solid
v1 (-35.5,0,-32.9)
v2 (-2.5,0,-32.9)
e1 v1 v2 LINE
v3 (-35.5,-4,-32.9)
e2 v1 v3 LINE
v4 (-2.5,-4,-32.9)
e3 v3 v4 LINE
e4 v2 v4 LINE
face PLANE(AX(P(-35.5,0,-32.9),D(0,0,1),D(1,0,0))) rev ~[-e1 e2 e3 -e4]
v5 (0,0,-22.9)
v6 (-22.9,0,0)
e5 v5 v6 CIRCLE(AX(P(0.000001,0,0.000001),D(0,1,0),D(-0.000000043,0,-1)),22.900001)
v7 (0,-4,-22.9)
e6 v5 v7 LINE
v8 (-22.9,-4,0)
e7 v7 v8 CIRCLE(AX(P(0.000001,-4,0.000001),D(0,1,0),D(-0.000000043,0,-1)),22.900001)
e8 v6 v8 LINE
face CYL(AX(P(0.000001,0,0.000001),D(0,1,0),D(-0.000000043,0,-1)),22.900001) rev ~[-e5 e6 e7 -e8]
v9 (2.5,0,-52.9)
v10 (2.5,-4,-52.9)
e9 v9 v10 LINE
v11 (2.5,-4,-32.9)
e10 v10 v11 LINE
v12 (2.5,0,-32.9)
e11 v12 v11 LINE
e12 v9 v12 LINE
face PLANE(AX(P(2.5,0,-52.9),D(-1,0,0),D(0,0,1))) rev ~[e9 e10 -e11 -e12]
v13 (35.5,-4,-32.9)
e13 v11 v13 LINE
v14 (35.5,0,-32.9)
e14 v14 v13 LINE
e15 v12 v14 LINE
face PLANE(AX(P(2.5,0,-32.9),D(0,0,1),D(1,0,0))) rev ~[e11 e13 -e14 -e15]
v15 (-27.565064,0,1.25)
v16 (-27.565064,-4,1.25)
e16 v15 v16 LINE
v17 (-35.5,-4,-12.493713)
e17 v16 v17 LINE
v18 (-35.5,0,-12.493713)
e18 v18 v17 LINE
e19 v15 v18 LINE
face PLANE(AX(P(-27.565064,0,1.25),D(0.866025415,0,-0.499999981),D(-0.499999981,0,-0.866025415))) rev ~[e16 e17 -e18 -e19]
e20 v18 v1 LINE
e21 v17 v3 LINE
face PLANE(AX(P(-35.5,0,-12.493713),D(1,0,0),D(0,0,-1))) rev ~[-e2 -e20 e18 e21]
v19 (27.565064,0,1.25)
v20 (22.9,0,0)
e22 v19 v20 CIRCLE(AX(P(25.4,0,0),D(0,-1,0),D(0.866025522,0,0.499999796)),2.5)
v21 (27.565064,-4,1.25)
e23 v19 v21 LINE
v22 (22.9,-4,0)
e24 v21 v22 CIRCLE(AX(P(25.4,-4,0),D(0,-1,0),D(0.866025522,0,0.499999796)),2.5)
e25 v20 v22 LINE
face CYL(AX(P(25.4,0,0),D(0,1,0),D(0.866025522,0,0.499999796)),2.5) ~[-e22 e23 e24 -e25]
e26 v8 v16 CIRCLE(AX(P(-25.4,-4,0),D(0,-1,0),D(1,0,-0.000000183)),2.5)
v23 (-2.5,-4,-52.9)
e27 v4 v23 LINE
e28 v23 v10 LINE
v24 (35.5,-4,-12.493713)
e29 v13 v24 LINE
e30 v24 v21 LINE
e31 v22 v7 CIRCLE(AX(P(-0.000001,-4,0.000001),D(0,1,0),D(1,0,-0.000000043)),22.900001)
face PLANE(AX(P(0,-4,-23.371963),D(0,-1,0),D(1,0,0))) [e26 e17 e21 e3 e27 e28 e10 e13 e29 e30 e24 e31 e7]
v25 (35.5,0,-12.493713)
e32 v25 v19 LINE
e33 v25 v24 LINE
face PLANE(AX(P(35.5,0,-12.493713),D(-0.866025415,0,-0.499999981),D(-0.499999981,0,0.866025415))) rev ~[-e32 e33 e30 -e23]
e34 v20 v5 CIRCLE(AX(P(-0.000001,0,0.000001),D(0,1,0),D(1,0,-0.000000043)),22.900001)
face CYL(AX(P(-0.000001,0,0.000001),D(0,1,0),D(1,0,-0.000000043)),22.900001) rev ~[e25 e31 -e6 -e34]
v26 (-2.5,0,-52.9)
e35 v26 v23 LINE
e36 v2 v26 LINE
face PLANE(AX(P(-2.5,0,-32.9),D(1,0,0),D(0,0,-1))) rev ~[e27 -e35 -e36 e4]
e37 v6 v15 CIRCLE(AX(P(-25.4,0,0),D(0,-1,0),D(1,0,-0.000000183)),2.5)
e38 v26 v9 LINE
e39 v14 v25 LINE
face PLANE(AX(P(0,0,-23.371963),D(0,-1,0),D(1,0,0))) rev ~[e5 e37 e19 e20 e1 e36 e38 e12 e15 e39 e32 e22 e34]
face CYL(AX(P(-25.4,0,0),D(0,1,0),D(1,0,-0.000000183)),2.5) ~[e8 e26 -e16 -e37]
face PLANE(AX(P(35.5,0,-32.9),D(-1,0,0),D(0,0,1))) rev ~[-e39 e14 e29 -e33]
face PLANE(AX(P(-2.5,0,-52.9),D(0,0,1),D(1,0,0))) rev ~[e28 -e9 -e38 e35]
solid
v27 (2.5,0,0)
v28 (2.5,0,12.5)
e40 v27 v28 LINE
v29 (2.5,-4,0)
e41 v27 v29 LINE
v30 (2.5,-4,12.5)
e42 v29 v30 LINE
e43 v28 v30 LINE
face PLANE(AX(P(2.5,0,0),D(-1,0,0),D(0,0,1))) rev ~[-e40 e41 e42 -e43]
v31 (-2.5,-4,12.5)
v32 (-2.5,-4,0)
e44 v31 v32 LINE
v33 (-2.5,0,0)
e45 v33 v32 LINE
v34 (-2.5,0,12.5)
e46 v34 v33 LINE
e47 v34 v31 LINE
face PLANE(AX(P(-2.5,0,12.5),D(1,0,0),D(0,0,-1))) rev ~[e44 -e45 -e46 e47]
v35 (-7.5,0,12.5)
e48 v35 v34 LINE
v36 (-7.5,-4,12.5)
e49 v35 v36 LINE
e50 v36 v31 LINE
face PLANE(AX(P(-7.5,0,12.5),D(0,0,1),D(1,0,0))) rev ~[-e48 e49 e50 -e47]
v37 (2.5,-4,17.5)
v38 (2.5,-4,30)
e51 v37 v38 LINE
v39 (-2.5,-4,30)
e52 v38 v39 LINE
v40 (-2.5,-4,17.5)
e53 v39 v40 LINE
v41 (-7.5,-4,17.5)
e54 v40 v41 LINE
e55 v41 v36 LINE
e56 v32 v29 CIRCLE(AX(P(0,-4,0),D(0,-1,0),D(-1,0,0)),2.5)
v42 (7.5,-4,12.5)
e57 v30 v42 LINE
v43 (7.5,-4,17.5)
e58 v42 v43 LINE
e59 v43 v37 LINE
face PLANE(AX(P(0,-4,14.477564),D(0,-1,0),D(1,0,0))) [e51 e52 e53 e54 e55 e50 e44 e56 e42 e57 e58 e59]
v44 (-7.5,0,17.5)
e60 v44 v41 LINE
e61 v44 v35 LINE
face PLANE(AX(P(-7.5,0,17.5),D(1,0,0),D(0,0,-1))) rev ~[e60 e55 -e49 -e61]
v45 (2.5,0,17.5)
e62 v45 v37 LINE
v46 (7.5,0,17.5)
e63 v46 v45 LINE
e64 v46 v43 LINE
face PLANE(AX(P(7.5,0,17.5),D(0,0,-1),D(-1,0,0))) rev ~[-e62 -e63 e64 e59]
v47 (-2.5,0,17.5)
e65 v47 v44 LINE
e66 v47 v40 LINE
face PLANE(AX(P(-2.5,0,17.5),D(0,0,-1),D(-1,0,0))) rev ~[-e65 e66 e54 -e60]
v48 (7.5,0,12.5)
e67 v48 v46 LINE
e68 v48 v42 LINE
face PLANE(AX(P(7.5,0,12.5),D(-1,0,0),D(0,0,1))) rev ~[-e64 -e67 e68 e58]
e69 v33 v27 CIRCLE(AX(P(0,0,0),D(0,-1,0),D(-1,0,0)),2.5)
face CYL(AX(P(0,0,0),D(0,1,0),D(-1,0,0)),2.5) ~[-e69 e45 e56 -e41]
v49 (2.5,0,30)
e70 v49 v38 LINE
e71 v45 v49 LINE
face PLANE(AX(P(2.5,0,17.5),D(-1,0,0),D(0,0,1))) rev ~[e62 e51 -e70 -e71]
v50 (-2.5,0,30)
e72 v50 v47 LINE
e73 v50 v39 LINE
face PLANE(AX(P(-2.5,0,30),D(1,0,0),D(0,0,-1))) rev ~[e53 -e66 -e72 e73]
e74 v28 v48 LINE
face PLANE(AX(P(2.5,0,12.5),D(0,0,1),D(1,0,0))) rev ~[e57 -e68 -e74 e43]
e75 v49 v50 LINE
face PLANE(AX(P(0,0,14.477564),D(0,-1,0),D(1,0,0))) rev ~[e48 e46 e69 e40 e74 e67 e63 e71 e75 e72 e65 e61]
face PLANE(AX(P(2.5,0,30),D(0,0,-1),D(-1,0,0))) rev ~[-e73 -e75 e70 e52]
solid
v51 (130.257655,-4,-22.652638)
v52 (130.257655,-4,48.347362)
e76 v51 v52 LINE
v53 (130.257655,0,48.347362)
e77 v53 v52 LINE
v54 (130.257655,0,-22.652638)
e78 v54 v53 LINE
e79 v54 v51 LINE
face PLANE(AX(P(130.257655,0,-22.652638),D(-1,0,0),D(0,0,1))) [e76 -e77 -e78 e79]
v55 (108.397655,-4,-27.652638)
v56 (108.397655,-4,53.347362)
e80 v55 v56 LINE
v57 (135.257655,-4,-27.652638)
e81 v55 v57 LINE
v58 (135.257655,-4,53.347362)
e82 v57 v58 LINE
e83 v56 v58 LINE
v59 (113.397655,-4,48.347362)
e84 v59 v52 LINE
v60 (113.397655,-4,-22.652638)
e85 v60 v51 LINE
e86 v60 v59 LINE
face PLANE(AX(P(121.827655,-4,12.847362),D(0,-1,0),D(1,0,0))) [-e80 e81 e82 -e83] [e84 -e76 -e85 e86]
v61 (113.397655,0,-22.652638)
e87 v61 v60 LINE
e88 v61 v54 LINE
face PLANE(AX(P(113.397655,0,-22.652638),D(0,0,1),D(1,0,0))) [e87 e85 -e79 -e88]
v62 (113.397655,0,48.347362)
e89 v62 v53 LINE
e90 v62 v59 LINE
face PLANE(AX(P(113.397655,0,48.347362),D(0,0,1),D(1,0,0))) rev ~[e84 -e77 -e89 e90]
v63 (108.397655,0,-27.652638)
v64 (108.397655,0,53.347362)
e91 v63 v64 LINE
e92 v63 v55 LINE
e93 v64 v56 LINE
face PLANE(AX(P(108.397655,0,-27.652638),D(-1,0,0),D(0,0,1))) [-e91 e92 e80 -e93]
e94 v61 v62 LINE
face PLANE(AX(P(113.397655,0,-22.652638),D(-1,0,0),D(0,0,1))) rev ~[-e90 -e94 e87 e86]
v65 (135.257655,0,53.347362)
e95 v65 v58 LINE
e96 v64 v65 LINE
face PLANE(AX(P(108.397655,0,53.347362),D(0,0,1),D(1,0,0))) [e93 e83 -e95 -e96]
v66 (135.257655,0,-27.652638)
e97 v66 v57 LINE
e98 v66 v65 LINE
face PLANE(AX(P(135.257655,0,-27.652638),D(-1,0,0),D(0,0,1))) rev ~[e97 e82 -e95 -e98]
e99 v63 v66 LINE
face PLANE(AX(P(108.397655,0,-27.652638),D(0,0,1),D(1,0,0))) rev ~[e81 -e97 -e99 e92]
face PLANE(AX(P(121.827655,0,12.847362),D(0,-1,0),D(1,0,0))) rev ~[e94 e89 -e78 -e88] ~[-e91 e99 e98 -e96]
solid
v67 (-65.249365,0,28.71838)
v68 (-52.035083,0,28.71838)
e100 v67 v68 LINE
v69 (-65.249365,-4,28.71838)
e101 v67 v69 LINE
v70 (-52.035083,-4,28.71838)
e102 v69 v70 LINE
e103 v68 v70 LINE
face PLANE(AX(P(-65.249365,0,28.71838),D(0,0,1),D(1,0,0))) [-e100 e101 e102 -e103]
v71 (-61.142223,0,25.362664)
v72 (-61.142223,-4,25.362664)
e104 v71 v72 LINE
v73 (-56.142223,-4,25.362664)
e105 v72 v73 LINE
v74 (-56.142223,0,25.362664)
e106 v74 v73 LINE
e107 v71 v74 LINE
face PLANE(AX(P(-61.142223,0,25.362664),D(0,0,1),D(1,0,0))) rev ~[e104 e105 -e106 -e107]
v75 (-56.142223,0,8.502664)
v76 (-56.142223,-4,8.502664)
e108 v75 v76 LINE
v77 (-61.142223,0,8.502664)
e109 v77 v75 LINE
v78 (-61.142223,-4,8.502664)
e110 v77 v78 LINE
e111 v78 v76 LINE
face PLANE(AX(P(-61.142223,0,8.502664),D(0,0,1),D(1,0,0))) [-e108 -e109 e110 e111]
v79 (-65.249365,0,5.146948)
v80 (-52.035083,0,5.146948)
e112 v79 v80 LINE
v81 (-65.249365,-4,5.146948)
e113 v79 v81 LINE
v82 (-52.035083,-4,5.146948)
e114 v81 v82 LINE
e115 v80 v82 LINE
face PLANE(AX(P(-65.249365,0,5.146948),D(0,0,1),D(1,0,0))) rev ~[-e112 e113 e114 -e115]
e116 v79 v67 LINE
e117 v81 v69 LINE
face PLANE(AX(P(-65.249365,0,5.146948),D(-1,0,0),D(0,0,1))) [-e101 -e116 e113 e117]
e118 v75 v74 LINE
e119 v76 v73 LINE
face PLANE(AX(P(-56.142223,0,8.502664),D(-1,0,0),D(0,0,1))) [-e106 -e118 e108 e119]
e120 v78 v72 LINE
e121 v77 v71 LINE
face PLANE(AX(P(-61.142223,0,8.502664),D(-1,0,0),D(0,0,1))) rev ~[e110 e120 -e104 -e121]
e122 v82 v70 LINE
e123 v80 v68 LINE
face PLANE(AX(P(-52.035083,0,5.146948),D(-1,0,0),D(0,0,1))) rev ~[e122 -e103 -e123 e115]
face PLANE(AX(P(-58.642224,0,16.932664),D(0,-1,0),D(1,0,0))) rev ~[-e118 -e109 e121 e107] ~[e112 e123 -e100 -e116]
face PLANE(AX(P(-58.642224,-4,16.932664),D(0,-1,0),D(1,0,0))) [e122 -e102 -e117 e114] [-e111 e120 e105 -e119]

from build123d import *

# Parameters (mm, degrees)
F1_DEPTH = 4
F2_W     = 13.214283
F2_H     = 23.571432
F2_W_2   = 5
F2_H_2   = 16.86
F2_W_3   = 26.86
F2_H_3   = 81
F2_W_4   = 16.86
F2_H_4   = 71
F3_DEPTH = 4


with BuildPart() as f1:
    # F0 (on Front) → F1 (new body)
    with BuildSketch(Plane.XZ):
        with BuildLine():
            ThreePointArc((0, -22.9), (-16.192745, -16.192745), (-22.9, 0))
            ThreePointArc((-22.9, 0), (-24.752952, 2.414815), (-27.565064, 1.25))
            Line((-27.565064, 1.25), (-35.5, -12.493713))
            Line((-35.5, -12.493713), (-35.5, -32.9))
            Line((-35.5, -32.9), (-2.5, -32.9))
            Line((-2.5, -32.9), (-2.5, -52.9))
            Line((-2.5, -52.9), (2.5, -52.9))
            Line((2.5, -52.9), (2.5, -32.9))
            Line((2.5, -32.9), (35.5, -32.9))
            Line((35.5, -32.9), (35.5, -12.493713))
            Line((35.5, -12.493713), (27.565064, 1.25))
            ThreePointArc((27.565064, 1.25), (24.752952, 2.414815), (22.9, 0))
            ThreePointArc((22.9, 0), (16.192745, -16.192745), (0, -22.9))
        make_face()
        with BuildLine():
            Line((-2.5, 12.5), (-2.5, 0))
            ThreePointArc((-2.5, 0), (0, -2.5), (2.5, 0))
            Line((2.5, 0), (2.5, 12.5))
            Line((2.5, 12.5), (7.5, 12.5))
            Line((7.5, 12.5), (7.5, 17.5))
            Line((7.5, 17.5), (2.5, 17.5))
            Line((2.5, 17.5), (2.5, 30))
            Line((2.5, 30), (-2.5, 30))
            Line((-2.5, 30), (-2.5, 17.5))
            Line((-2.5, 17.5), (-7.5, 17.5))
            Line((-7.5, 17.5), (-7.5, 12.5))
            Line((-7.5, 12.5), (-2.5, 12.5))
        make_face()
    extrude(amount=F1_DEPTH)


with BuildPart() as f3:
    # F2 (on Front) → F3 (new body)
    with BuildSketch(Plane.XZ):
        with Locations((-58.642224, 16.932664)):
            Rectangle(F2_W, F2_H)
        with Locations((-58.642223, 16.932664)):
            Rectangle(F2_W_2, F2_H_2, mode=Mode.SUBTRACT)
        with Locations((121.827655, 12.847362)):
            Rectangle(F2_W_3, F2_H_3)
        with Locations((121.827655, 12.847362)):
            Rectangle(F2_W_4, F2_H_4, mode=Mode.SUBTRACT)
    extrude(amount=F3_DEPTH)


solid = Compound([f1.part, f3.part])
